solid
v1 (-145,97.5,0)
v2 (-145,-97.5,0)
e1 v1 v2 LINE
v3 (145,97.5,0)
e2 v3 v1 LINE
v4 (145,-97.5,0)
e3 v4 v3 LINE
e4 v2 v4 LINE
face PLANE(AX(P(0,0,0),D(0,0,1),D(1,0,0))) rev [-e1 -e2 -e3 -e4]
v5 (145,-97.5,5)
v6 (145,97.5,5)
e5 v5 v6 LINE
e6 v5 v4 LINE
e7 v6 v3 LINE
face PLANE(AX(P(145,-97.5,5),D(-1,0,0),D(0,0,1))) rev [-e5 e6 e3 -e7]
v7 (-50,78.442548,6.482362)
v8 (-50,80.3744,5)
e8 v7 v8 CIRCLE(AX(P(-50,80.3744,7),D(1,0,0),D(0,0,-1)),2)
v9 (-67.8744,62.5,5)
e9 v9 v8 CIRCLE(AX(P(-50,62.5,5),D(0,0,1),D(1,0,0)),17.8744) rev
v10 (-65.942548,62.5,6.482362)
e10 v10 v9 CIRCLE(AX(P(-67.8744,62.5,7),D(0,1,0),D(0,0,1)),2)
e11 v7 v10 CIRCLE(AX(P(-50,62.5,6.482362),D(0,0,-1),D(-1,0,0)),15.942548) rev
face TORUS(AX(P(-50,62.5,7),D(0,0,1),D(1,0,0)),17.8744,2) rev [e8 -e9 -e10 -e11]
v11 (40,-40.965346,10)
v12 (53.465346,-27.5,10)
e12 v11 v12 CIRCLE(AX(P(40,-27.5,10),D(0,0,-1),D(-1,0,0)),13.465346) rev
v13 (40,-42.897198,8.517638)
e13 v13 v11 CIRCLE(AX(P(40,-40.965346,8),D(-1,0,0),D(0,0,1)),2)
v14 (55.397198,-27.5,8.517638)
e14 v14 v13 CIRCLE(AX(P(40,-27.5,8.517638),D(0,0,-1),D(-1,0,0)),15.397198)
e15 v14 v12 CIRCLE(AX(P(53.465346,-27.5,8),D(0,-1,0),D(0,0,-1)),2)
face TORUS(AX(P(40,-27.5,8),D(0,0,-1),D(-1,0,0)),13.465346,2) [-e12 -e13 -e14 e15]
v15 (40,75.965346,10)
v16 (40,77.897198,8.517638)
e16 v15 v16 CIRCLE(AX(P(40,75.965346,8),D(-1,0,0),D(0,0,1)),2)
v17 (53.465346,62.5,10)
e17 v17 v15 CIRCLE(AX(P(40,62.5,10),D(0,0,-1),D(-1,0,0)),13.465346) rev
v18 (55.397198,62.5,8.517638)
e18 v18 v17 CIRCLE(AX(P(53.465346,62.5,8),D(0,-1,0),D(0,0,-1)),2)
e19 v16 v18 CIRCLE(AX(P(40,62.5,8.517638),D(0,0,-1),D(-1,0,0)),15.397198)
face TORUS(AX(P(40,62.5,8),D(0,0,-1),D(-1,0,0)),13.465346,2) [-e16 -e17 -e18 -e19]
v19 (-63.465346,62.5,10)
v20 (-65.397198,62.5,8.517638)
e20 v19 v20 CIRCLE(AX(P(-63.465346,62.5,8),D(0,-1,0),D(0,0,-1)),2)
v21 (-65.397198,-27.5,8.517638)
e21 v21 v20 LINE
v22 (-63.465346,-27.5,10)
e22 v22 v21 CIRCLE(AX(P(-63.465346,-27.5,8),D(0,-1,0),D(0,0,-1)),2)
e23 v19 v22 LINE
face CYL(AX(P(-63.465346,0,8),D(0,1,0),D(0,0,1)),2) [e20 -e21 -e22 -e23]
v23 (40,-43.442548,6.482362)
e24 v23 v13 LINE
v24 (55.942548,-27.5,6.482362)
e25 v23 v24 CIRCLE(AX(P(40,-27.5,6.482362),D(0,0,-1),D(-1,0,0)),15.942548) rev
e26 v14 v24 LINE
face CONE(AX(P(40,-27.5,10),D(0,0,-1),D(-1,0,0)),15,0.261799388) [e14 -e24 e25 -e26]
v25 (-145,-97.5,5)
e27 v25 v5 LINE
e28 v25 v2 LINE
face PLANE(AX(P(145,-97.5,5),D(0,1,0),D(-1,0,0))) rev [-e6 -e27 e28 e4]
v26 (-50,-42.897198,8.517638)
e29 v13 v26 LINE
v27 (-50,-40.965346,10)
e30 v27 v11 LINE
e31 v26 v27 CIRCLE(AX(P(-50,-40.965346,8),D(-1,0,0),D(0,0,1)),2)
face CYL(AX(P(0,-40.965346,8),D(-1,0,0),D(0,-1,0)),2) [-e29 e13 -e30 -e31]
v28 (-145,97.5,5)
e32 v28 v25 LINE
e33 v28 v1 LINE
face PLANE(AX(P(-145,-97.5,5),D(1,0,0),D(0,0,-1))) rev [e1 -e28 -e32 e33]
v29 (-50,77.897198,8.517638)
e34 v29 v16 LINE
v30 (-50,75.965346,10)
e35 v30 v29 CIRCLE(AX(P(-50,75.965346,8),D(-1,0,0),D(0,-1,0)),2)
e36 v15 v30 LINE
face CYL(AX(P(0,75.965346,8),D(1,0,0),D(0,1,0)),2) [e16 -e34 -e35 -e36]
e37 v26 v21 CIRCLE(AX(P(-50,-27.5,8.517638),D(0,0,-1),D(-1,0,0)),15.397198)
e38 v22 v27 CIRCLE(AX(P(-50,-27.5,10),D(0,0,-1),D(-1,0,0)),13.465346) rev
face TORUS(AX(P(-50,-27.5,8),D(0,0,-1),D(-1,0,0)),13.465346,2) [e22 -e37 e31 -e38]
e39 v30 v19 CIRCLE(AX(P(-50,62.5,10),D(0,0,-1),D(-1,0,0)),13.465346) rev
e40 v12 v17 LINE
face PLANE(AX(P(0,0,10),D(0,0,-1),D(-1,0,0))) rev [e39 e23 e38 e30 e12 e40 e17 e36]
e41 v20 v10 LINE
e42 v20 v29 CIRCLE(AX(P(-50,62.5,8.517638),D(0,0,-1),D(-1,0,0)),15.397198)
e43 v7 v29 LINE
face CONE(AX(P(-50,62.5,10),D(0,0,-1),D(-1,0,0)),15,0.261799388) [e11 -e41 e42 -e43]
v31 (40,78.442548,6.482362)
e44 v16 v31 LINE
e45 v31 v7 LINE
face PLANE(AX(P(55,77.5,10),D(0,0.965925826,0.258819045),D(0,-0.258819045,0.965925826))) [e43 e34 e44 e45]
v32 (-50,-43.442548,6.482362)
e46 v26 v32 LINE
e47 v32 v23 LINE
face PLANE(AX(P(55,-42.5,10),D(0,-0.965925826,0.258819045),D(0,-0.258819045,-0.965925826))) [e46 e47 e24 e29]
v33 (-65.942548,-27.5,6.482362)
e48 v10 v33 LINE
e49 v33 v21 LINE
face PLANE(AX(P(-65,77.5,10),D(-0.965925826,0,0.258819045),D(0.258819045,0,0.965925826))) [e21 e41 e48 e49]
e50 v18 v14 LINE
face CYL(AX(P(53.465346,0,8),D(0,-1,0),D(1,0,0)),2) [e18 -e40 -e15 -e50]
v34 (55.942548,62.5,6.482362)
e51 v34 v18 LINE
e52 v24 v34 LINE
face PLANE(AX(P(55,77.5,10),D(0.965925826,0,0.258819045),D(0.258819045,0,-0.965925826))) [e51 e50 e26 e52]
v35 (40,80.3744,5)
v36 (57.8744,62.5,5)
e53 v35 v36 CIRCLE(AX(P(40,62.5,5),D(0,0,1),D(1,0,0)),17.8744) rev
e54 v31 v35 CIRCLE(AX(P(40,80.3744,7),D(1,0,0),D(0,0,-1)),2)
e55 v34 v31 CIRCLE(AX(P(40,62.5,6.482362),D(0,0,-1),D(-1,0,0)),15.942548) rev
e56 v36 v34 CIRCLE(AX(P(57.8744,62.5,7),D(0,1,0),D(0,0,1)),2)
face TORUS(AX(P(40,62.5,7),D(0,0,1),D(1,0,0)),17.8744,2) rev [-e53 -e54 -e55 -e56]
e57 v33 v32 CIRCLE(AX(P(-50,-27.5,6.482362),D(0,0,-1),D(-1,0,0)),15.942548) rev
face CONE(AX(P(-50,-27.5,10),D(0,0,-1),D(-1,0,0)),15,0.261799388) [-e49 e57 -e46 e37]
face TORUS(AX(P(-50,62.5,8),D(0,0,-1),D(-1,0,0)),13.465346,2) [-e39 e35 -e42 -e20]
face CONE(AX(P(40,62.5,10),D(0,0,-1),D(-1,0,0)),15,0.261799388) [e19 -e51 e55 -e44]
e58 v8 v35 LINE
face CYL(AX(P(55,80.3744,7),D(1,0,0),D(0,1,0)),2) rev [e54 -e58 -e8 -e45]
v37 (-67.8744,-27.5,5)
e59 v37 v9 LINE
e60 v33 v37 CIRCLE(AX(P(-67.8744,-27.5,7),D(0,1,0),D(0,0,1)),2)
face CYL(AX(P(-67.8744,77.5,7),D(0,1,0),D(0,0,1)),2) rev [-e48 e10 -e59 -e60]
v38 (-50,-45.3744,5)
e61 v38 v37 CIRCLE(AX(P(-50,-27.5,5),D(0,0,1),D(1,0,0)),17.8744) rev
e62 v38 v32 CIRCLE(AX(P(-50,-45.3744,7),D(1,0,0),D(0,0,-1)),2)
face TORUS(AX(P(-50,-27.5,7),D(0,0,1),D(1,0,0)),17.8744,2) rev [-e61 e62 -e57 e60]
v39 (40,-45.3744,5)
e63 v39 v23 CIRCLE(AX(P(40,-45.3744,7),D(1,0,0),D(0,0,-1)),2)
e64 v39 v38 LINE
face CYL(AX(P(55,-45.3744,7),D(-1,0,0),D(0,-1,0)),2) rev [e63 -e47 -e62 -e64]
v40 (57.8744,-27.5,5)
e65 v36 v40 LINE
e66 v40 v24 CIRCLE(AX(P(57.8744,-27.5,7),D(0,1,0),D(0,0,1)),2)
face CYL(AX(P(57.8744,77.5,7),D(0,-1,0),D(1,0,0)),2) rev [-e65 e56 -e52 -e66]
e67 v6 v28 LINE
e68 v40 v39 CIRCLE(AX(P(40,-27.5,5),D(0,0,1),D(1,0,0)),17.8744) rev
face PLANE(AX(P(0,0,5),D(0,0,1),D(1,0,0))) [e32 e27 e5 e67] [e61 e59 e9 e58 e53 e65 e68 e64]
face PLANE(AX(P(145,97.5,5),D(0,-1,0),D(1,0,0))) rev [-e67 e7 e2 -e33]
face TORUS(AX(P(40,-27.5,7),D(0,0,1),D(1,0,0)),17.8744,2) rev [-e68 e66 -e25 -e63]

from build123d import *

# Parameters (mm, degrees)
SKETCH_1_W      = 290
SKETCH_1_H      = 195
EXTRUDE_1_DEPTH = 5
SKETCH_2_W      = 120
SKETCH_2_H      = 120
EXTRUDE_2_DEPTH = 5
FILLET_1_R      = 15
DRAFT_1_ANGLE   = 15
FILLET_2_R      = 2


with BuildPart() as part:
    # 草图1 → 凸台-拉伸1 (new body)
    with BuildSketch(Plane.XY):
        Rectangle(SKETCH_1_W, SKETCH_1_H)
    extrude(amount=EXTRUDE_1_DEPTH)

    # 草图2 → 凸台-拉伸2 (add)
    with BuildSketch(Plane.XY.offset(5)):
        with Locations((-5, 17.5)):
            Rectangle(SKETCH_2_W, SKETCH_2_H)
    extrude(amount=EXTRUDE_2_DEPTH)

    # 圆角1
    fillet_1_edges = [part.edges().sort_by_distance(p)[0] for p in [
        (-65, 77.5, 7.5),
        (-65, -42.5, 7.5),
        (55, -42.5, 7.5),
        (55, 77.5, 7.5),
    ]]
    fillet(fillet_1_edges, radius=FILLET_1_R)

    # 拔模1
    draft_1_faces = [part.faces().sort_by_distance(p)[0] for p in [
        (-65, 17.5, 7.5),
        (-60.606601718, 73.106601718, 7.5),
        (-5, 77.5, 7.5),
        (50.606601718, 73.106601718, 7.5),
        (55, 17.5, 7.5),
        (50.606601718, -38.106601718, 7.5),
        (-5, -42.5, 7.5),
        (-60.606601718, -38.106601718, 7.5),
    ]]
    draft(draft_1_faces, Plane.XY.offset(10), DRAFT_1_ANGLE)

    # 圆角2
    fillet_2_edges = [part.edges().sort_by_distance(p)[0] for p in [
        (-5, -43.839745962, 5),
        (-5, -42.5, 10),
        (-66.339745962, 17.5, 5),
        (-65, 17.5, 10),
        (55, 17.5, 10),
        (-5, 77.5, 10),
        (50.606601718, 73.106601718, 10),
        (-60.606601718, 73.106601718, 10),
        (50.606601718, -38.106601718, 10),
        (-60.606601718, -38.106601718, 10),
        (56.339745962, 17.5, 5),
        (-5, 78.839745962, 5),
        (-61.553945173, -39.053945173, 5),
        (51.553945173, -39.053945173, 5),
        (-61.553945173, 74.053945173, 5),
        (51.553945173, 74.053945173, 5),
    ]]
    fillet(fillet_2_edges, radius=FILLET_2_R)


solid = part.part
